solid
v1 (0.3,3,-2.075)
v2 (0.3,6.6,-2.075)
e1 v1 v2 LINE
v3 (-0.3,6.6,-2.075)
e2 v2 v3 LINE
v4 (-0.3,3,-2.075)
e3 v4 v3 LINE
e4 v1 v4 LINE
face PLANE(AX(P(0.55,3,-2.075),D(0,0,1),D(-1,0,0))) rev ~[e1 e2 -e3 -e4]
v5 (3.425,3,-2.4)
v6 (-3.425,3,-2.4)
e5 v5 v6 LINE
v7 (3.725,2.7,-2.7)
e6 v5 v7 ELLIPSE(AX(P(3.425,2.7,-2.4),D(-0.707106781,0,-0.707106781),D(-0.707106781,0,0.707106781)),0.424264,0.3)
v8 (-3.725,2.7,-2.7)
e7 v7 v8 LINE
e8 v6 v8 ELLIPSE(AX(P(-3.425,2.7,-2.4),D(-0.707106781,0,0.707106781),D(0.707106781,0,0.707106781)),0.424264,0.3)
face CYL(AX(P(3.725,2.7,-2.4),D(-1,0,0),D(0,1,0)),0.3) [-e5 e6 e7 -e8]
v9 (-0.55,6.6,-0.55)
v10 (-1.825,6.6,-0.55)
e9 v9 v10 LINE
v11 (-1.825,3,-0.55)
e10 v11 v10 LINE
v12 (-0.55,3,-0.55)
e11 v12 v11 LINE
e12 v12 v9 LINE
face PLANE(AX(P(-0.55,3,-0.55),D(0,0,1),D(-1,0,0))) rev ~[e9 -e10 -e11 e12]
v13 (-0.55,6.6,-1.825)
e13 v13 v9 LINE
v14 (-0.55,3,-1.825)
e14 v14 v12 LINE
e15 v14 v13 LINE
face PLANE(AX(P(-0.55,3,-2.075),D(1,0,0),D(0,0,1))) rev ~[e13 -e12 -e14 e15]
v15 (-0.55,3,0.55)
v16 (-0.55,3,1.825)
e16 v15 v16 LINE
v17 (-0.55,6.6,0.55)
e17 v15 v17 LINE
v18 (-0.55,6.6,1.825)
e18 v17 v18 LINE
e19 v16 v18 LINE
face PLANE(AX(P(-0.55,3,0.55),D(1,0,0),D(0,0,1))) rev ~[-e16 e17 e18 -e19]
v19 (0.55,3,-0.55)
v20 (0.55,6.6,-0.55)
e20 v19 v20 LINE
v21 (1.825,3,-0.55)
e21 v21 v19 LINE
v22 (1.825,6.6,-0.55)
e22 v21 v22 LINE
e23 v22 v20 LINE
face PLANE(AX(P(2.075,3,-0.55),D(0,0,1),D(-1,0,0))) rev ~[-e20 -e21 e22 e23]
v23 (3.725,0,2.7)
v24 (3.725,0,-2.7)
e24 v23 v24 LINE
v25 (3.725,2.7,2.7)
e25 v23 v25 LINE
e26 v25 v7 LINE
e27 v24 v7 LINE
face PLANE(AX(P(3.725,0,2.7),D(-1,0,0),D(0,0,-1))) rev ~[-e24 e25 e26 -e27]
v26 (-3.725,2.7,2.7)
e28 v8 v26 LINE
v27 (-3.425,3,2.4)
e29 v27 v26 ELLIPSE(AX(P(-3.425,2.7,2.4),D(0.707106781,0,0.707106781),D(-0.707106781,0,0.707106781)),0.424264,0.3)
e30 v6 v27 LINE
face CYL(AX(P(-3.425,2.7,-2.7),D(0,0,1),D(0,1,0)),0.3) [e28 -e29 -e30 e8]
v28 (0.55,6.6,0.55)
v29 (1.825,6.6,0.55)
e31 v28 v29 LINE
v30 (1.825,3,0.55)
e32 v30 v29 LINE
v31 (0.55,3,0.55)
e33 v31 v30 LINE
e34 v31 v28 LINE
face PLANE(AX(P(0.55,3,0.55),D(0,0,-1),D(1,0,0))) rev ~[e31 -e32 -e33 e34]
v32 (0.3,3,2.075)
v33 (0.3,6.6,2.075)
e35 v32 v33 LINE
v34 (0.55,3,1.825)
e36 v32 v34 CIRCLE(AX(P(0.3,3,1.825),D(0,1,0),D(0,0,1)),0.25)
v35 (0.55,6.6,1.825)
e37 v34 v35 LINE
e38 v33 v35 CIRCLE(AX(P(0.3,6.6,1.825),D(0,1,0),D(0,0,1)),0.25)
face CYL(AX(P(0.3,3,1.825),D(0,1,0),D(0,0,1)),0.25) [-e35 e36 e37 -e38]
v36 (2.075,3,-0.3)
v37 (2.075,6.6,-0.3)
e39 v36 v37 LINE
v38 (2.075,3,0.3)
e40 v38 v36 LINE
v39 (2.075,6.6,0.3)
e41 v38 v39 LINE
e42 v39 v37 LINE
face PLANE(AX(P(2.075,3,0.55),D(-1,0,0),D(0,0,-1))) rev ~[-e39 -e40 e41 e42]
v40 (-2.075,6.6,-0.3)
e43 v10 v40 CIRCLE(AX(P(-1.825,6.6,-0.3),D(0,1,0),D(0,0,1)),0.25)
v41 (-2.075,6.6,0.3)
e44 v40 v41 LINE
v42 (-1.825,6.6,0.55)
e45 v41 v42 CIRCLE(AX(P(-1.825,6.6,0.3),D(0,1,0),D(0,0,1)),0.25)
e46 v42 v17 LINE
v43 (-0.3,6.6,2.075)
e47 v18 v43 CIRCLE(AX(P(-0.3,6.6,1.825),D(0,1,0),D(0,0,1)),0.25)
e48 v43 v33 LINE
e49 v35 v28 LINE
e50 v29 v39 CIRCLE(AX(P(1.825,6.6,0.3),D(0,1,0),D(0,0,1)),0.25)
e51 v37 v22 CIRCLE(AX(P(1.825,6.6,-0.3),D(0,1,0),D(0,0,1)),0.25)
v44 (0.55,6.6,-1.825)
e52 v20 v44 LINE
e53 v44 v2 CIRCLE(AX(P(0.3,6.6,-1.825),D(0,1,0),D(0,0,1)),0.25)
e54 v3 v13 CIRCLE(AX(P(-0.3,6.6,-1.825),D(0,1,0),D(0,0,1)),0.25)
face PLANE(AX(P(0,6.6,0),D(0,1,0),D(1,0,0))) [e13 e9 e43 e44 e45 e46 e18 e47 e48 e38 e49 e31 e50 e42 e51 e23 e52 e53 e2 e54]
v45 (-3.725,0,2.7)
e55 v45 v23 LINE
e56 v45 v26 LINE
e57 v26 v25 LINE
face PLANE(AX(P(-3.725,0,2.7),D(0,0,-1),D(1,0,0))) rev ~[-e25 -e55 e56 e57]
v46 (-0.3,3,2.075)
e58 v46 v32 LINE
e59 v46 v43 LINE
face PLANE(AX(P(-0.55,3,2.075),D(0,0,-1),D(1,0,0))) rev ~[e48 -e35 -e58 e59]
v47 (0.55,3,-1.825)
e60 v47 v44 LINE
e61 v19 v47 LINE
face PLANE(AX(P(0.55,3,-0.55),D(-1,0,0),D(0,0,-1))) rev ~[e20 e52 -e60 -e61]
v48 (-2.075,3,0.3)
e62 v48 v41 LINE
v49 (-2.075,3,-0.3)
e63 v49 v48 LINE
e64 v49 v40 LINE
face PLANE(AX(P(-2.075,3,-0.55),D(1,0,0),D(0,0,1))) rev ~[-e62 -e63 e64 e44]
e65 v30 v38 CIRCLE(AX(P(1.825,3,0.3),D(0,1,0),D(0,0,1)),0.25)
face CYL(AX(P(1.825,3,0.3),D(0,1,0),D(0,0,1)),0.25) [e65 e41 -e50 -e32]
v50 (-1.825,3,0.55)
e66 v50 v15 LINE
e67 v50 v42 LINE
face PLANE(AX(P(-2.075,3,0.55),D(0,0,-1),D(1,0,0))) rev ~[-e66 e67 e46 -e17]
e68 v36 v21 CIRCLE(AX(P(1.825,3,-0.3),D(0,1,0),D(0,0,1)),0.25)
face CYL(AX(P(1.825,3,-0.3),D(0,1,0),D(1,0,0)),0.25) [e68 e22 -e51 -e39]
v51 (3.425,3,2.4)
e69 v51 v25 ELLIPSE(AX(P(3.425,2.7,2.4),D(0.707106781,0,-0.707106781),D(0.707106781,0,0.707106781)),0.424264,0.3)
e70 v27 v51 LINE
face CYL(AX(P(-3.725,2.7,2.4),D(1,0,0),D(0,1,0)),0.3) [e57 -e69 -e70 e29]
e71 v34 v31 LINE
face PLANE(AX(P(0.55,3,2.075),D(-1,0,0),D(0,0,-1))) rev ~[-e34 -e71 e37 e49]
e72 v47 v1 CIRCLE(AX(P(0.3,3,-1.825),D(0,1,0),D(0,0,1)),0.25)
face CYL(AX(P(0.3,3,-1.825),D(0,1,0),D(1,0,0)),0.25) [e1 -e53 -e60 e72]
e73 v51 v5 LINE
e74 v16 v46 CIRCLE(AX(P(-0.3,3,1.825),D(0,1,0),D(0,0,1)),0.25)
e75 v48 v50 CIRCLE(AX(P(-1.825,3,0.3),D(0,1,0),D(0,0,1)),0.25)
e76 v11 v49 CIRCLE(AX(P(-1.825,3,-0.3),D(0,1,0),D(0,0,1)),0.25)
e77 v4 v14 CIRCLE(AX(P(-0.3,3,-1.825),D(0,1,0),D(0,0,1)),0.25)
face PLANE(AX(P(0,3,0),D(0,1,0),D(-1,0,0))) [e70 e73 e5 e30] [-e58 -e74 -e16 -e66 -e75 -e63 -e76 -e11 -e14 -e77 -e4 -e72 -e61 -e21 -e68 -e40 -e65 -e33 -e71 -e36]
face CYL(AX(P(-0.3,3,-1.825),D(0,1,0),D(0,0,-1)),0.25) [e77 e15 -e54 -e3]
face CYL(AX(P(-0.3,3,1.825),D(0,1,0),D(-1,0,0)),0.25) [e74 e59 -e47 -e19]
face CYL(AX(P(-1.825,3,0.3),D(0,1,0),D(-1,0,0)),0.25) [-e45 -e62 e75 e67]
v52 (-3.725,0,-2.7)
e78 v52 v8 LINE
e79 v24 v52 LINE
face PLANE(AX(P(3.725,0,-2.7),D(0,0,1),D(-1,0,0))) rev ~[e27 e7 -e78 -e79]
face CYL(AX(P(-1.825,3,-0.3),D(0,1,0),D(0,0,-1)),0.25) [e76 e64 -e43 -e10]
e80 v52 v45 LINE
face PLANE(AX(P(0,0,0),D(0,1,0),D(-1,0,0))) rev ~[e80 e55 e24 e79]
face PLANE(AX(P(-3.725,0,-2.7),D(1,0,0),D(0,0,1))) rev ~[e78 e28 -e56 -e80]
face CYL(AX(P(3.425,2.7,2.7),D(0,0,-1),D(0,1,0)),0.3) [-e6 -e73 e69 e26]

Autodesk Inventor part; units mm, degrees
ref_plane "YZ Plane" through (0, 0, 0) normal (1, 0, 0) x (0, 1, 0)
ref_plane "XZ Plane" through (0, 0, 0) normal (0, 1, 0) x (-1, 0, 0)
ref_plane "XY Plane" through (0, 0, 0) normal (0, 0, 1) x (1, 0, 0)
sketch "Pole Base Profile" plane through (0, 0, 0) normal (0, 1, 0) x (-1, 0, 0)
  line L0 (3.725, 2.7) -> (-3.725, 2.7)
  line L1 (-3.725, 2.7) -> (-3.725, -2.7)
  line L2 (-3.725, -2.7) -> (3.725, -2.7)
  line L3 (3.725, -2.7) -> (3.725, 2.7)
  line L4 (3.725, 2.7) -> (-3.725, -2.7) construction
  line L5 (-3.725, 2.7) -> (3.725, -2.7) construction
  point P0 (0, 0)
  dimension "d0" = 7.45
  dimension "d1" = 5.4
extrude "Pole Base" add sketch "Pole Base Profile" along normal blind 3
sketch "Cross Base" plane through (0, 3, 0) normal (0, 1, 0) x (1, 0, 0)
  line L0 (-0.55, -2.075) -> (0.55, -2.075)
  line L1 (0.55, -2.075) -> (0.55, 2.075)
  line L2 (0.55, 2.075) -> (-0.55, 2.075)
  line L3 (-0.55, 2.075) -> (-0.55, -2.075)
  line L4 (-0.55, -2.075) -> (0.55, 2.075) construction
  line L5 (0.55, -2.075) -> (-0.55, 2.075) construction
  line L6 (-2.075, -0.55) -> (2.075, -0.55)
  line L7 (2.075, -0.55) -> (2.075, 0.55)
  line L8 (2.075, 0.55) -> (-2.075, 0.55)
  line L9 (-2.075, 0.55) -> (-2.075, -0.55)
  line L10 (-2.075, -0.55) -> (2.075, 0.55) construction
  line L11 (2.075, -0.55) -> (-2.075, 0.55) construction
  point P0 (0, 0)
  dimension "d12" = 1.1
  dimension "d13" = 4.15
  dimension "d14" = 4.15
  dimension "d15" = 1.1
extrude "Pole" add sketch "Cross Base" along normal blind 3.6
fillet "Pole Rounding" radius 0.25 8 edges at (2.075, 4.8, 0.55) (0.55, 4.8, 2.075) (-0.55, 4.8, 2.075) (-2.075, 4.8, 0.55) (-2.075, 4.8, -0.55) (-0.55, 4.8, -2.075) (0.55, 4.8, -2.075) (2.075, 4.8, -0.55)
fillet "Base Rounding" radius 0.3 4 edges at (-3.725, 3, 0) (0, 3, -2.7) (0, 3, 2.7) (3.725, 3, 0)
sketch "Top Center Point" plane through (0, 6.6, 0) normal (0, 1, 0) x (1, 0, 0)
  point P0 (0, 0)
equation "\"d0\" = s_polebl"
equation "\"d1\" = s_polebw"
equation "\"d12\" = k_cmxw"
equation "\"d13\" = k_cmxl"
equation "\"d14\" = d13"
equation "\"d15\" = d12"
equation "\"d8\" = s_poleh"
equation "\"k_width\" = 18"
equation "\"k_height\" = 16.5"
equation "\"k_taper1\" = 1.5"
equation "\"k_taper2\" = 0.5"
equation "\"k_radius\" = 6"
equation "\"k_wthick\" = 1.5"
equation "\"k_ribthick\" = 1.5"
equation "\"k_ribheight\" = 5"
equation "\"k_poleoff\" = 2.25"
equation "\"k_poledia\" = 5.3"
equation "\"k_cmxw\" = 1.1"
equation "\"k_cmxl\" = 4.15"
equation "\"s_bwidth\" = 14.4"
equation "\"s_poleh\" = 3.6"
equation "\"s_polebw\" = 5.4"
equation "\"s_polebl\" = 7.45"
equation "\"b_rshift\" = 49.5"
equation "\"b_height\" = 77"
equation "\"b_tab\" = 27"
equation "\"b_lshift\" = 40.5"
equation "\"b_space\" = 117"
equation "\"b_caps\" = 31.5"
equation "\"b_pad\" = 1"
equation "\"b_width\" = 285"
equation "\"b_ctrl\" = 22.5"
equation "\"k_staper\" = 1"
equation "\"k_ltaper\" = 1.5"
equation "\"k_sradius\" = 4"
equation "\"k_lradius\" = 6"
equation "\"k_height_t\" = 16"
equation "\"k_height_low\" = 15"
equation "\"k_taper_wide\" = 1.5"
equation "\"k_taper_thin\" = 0.0001"
equation "\"k_shortening\" = 4.5"
equation "\"k_cmxd\" = 4"
equation "\"k_taper_side\" = 0.5"
properties part number "keyswitch-pole_cherrymx"
